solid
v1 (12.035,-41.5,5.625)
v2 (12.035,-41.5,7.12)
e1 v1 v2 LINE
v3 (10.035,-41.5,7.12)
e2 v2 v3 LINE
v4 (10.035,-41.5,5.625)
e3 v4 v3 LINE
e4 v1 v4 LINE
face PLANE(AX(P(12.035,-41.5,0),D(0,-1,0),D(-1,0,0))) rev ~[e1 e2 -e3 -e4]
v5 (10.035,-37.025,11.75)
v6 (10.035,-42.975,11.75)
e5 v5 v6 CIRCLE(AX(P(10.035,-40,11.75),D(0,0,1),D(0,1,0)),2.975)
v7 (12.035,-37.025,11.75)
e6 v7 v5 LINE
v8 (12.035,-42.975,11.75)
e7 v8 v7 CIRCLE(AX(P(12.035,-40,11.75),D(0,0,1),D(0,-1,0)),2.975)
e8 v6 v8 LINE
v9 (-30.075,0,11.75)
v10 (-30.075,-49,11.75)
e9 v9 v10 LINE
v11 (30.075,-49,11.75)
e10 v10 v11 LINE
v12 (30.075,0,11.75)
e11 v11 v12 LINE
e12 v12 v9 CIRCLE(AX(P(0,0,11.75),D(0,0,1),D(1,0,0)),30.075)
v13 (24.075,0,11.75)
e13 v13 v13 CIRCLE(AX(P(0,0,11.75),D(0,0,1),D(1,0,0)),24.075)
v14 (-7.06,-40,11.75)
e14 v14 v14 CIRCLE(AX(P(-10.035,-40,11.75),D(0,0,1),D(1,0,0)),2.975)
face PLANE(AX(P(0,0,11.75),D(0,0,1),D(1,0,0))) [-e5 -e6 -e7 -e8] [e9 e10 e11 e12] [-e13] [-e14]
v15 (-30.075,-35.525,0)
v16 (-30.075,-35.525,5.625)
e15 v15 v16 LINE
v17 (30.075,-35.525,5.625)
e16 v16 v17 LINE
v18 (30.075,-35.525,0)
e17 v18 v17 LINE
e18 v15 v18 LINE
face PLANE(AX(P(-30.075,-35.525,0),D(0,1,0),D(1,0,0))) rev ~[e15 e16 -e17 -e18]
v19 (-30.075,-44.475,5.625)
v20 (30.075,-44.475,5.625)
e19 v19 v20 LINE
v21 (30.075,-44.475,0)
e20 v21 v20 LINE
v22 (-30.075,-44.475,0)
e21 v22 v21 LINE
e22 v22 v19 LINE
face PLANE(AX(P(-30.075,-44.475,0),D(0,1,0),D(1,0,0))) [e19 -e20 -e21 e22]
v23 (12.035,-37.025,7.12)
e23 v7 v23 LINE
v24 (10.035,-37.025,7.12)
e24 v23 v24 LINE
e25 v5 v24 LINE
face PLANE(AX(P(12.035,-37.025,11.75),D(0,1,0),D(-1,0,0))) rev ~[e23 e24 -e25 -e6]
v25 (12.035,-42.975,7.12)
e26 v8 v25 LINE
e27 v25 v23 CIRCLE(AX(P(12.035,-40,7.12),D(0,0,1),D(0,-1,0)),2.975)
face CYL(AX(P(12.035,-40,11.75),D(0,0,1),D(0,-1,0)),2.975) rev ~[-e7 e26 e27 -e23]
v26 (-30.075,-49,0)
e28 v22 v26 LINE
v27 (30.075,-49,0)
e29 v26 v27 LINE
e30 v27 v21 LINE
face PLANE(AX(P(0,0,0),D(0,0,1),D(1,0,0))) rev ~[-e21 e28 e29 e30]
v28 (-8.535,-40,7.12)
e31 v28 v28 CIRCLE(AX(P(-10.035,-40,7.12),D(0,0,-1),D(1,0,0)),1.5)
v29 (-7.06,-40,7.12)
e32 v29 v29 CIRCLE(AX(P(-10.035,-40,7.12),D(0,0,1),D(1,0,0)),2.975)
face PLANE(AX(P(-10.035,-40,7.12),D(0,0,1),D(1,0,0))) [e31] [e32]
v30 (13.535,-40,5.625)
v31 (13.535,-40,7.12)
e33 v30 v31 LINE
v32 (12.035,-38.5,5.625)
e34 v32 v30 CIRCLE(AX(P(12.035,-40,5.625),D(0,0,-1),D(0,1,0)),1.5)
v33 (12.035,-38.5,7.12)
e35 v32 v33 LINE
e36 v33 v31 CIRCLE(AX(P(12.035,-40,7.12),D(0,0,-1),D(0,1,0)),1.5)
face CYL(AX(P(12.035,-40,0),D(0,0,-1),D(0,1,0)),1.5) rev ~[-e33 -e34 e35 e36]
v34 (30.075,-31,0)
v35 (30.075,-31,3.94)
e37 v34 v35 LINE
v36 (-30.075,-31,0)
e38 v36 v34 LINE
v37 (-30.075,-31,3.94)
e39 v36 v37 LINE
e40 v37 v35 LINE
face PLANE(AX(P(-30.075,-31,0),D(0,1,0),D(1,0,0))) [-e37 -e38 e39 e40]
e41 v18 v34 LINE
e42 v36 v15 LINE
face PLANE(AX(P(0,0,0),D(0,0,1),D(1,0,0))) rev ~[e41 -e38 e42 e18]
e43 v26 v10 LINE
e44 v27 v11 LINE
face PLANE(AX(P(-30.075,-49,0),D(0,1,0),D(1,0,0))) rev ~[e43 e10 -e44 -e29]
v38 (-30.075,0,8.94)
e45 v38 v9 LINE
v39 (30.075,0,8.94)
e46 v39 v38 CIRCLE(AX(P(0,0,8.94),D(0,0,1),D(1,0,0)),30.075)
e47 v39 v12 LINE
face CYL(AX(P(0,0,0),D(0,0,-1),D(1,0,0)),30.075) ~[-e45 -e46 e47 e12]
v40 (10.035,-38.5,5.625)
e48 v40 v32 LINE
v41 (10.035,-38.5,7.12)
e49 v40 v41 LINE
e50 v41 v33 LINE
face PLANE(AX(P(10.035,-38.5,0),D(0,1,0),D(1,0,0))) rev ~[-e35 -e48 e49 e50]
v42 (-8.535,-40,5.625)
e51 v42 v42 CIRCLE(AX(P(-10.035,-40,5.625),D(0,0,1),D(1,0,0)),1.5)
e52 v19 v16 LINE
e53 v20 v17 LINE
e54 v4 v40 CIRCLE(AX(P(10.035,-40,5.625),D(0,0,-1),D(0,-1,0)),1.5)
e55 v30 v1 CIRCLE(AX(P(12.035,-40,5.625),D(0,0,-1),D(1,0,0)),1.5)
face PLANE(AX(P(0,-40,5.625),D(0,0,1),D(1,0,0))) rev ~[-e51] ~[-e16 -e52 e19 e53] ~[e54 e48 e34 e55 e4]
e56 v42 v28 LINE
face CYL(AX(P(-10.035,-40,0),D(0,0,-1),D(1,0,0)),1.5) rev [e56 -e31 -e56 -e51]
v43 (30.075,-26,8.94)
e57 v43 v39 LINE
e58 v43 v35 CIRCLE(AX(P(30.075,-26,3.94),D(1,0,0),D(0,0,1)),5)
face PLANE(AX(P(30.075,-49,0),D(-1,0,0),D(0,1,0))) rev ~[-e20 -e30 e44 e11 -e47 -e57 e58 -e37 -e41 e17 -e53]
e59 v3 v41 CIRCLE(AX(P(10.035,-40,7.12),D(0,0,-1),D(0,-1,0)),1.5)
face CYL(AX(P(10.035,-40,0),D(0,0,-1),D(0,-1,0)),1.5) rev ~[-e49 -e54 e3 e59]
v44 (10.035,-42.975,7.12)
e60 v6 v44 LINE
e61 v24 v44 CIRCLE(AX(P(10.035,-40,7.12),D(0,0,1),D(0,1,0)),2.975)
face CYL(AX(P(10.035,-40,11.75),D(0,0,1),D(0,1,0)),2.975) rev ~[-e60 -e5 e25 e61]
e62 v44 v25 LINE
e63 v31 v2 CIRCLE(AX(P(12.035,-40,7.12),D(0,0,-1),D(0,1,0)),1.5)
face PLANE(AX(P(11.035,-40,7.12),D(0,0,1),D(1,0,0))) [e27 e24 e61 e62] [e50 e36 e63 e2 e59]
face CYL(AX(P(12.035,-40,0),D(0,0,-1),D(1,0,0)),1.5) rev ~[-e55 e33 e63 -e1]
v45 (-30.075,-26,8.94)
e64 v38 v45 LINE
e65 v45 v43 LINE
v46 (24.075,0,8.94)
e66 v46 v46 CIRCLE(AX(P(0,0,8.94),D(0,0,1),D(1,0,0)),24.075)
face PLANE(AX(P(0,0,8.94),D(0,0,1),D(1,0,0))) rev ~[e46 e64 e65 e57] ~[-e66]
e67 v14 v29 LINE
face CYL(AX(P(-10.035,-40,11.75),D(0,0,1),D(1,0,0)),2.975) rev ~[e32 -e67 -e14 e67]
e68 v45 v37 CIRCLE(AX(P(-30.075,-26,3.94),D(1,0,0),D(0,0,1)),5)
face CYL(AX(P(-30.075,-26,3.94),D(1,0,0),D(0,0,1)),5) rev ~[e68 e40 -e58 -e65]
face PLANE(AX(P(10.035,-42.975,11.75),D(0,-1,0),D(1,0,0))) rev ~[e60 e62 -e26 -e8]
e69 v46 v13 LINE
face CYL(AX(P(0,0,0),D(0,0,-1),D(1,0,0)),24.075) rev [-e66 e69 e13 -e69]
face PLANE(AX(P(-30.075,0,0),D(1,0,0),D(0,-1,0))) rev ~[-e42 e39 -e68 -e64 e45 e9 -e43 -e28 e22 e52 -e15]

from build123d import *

# Parameters (mm, degrees)
F0_R     = 24.075
F0_W     = 60.15
F0_H     = 4.525
F0_H_2   = 8.95
F0_R_2   = 1.5
F1_DEPTH = 11.75
F2_DEPTH = 5.625
F3_R     = 2.975
F4_DEPTH = 4.63
F5_DEPTH = 8.94
F6_R     = 5


with BuildPart() as f1:
    # F0 (on Top) → F1 (new body)
    with BuildSketch(Plane.XY):
        with BuildLine():
            ThreePointArc((-30.075, 0), (0, -30.075), (30.075, 0))
            ThreePointArc((30.075, 0), (0, 30.075), (-30.075, 0))
        make_face()
        Circle(F0_R, mode=Mode.SUBTRACT)
        with BuildLine():
            Line((30.075, -31), (30.075, 0))
            ThreePointArc((30.075, 0), (0, -30.075), (-30.075, 0))
            Line((-30.075, 0), (-30.075, -31))
            Line((-30.075, -31), (30.075, -31))
        make_face()
        with Locations((0, -33.2625)):
            Rectangle(F0_W, F0_H)
        with Locations((0, -40)):
            Rectangle(F0_W, F0_H_2)
        with Locations((-10.035, -40)):
            Circle(F0_R_2, mode=Mode.SUBTRACT)
        with BuildLine():
            ThreePointArc((10.035, -41.5), (8.535, -40), (10.035, -38.5))
            Line((10.035, -38.5), (12.035, -38.5))
            ThreePointArc((12.035, -38.5), (13.0956601718, -38.9393398282), (13.535, -40))
            ThreePointArc((13.535, -40), (13.0956601718, -41.0606601718), (12.035, -41.5))
            Line((12.035, -41.5), (10.035, -41.5))
        make_face(mode=Mode.SUBTRACT)
        with Locations((0, -46.7375)):
            Rectangle(F0_W, F0_H)
    extrude(amount=F1_DEPTH)

    # F0 (on Top) → F2 (cut)
    with BuildSketch(Plane.XY):
        with Locations((0, -40)):
            Rectangle(F0_W, F0_H_2)
        with Locations((-10.035, -40)):
            Circle(F0_R_2, mode=Mode.SUBTRACT)
        with BuildLine():
            ThreePointArc((10.035, -41.5), (8.535, -40), (10.035, -38.5))
            Line((10.035, -38.5), (12.035, -38.5))
            ThreePointArc((12.035, -38.5), (13.0956601718, -38.9393398282), (13.535, -40))
            ThreePointArc((13.535, -40), (13.0956601718, -41.0606601718), (12.035, -41.5))
            Line((12.035, -41.5), (10.035, -41.5))
        make_face(mode=Mode.SUBTRACT)
    extrude(amount=F2_DEPTH, mode=Mode.SUBTRACT)

    # F3 (on face) → F4 (cut)
    with BuildSketch(Plane.XY.offset(11.75)):
        with Locations((-10.035, -40)):
            Circle(F3_R)
        with BuildLine():
            Line((12.035, -37.025), (10.035, -37.025))
            ThreePointArc((10.035, -37.025), (7.06, -40), (10.035, -42.975))
            Line((10.035, -42.975), (12.035, -42.975))
            ThreePointArc((12.035, -42.975), (15.01, -40), (12.035, -37.025))
        make_face()
        with BuildLine():
            ThreePointArc((10.035, -41.5), (8.535, -40), (10.035, -38.5))
            Line((10.035, -38.5), (12.035, -38.5))
            ThreePointArc((12.035, -38.5), (13.535, -40), (12.035, -41.5))
            Line((12.035, -41.5), (10.035, -41.5))
        make_face(mode=Mode.SUBTRACT)
    extrude(amount=-F4_DEPTH, mode=Mode.SUBTRACT)

    # F0 (on Top) → F5 (cut)
    with BuildSketch(Plane.XY):
        with BuildLine():
            ThreePointArc((-30.075, 0), (0, -30.075), (30.075, 0))
            ThreePointArc((30.075, 0), (0, 30.075), (-30.075, 0))
        make_face()
        Circle(F0_R, mode=Mode.SUBTRACT)
        with BuildLine():
            Line((30.075, -31), (30.075, 0))
            ThreePointArc((30.075, 0), (0, -30.075), (-30.075, 0))
            Line((-30.075, 0), (-30.075, -31))
            Line((-30.075, -31), (30.075, -31))
        make_face()
    extrude(amount=F5_DEPTH, mode=Mode.SUBTRACT)

    # F6
    f6_edges = [f1.edges().sort_by_distance(p)[0] for p in [
        (0, -31, 8.94),
    ]]
    fillet(f6_edges, radius=F6_R)


solid = f1.part
